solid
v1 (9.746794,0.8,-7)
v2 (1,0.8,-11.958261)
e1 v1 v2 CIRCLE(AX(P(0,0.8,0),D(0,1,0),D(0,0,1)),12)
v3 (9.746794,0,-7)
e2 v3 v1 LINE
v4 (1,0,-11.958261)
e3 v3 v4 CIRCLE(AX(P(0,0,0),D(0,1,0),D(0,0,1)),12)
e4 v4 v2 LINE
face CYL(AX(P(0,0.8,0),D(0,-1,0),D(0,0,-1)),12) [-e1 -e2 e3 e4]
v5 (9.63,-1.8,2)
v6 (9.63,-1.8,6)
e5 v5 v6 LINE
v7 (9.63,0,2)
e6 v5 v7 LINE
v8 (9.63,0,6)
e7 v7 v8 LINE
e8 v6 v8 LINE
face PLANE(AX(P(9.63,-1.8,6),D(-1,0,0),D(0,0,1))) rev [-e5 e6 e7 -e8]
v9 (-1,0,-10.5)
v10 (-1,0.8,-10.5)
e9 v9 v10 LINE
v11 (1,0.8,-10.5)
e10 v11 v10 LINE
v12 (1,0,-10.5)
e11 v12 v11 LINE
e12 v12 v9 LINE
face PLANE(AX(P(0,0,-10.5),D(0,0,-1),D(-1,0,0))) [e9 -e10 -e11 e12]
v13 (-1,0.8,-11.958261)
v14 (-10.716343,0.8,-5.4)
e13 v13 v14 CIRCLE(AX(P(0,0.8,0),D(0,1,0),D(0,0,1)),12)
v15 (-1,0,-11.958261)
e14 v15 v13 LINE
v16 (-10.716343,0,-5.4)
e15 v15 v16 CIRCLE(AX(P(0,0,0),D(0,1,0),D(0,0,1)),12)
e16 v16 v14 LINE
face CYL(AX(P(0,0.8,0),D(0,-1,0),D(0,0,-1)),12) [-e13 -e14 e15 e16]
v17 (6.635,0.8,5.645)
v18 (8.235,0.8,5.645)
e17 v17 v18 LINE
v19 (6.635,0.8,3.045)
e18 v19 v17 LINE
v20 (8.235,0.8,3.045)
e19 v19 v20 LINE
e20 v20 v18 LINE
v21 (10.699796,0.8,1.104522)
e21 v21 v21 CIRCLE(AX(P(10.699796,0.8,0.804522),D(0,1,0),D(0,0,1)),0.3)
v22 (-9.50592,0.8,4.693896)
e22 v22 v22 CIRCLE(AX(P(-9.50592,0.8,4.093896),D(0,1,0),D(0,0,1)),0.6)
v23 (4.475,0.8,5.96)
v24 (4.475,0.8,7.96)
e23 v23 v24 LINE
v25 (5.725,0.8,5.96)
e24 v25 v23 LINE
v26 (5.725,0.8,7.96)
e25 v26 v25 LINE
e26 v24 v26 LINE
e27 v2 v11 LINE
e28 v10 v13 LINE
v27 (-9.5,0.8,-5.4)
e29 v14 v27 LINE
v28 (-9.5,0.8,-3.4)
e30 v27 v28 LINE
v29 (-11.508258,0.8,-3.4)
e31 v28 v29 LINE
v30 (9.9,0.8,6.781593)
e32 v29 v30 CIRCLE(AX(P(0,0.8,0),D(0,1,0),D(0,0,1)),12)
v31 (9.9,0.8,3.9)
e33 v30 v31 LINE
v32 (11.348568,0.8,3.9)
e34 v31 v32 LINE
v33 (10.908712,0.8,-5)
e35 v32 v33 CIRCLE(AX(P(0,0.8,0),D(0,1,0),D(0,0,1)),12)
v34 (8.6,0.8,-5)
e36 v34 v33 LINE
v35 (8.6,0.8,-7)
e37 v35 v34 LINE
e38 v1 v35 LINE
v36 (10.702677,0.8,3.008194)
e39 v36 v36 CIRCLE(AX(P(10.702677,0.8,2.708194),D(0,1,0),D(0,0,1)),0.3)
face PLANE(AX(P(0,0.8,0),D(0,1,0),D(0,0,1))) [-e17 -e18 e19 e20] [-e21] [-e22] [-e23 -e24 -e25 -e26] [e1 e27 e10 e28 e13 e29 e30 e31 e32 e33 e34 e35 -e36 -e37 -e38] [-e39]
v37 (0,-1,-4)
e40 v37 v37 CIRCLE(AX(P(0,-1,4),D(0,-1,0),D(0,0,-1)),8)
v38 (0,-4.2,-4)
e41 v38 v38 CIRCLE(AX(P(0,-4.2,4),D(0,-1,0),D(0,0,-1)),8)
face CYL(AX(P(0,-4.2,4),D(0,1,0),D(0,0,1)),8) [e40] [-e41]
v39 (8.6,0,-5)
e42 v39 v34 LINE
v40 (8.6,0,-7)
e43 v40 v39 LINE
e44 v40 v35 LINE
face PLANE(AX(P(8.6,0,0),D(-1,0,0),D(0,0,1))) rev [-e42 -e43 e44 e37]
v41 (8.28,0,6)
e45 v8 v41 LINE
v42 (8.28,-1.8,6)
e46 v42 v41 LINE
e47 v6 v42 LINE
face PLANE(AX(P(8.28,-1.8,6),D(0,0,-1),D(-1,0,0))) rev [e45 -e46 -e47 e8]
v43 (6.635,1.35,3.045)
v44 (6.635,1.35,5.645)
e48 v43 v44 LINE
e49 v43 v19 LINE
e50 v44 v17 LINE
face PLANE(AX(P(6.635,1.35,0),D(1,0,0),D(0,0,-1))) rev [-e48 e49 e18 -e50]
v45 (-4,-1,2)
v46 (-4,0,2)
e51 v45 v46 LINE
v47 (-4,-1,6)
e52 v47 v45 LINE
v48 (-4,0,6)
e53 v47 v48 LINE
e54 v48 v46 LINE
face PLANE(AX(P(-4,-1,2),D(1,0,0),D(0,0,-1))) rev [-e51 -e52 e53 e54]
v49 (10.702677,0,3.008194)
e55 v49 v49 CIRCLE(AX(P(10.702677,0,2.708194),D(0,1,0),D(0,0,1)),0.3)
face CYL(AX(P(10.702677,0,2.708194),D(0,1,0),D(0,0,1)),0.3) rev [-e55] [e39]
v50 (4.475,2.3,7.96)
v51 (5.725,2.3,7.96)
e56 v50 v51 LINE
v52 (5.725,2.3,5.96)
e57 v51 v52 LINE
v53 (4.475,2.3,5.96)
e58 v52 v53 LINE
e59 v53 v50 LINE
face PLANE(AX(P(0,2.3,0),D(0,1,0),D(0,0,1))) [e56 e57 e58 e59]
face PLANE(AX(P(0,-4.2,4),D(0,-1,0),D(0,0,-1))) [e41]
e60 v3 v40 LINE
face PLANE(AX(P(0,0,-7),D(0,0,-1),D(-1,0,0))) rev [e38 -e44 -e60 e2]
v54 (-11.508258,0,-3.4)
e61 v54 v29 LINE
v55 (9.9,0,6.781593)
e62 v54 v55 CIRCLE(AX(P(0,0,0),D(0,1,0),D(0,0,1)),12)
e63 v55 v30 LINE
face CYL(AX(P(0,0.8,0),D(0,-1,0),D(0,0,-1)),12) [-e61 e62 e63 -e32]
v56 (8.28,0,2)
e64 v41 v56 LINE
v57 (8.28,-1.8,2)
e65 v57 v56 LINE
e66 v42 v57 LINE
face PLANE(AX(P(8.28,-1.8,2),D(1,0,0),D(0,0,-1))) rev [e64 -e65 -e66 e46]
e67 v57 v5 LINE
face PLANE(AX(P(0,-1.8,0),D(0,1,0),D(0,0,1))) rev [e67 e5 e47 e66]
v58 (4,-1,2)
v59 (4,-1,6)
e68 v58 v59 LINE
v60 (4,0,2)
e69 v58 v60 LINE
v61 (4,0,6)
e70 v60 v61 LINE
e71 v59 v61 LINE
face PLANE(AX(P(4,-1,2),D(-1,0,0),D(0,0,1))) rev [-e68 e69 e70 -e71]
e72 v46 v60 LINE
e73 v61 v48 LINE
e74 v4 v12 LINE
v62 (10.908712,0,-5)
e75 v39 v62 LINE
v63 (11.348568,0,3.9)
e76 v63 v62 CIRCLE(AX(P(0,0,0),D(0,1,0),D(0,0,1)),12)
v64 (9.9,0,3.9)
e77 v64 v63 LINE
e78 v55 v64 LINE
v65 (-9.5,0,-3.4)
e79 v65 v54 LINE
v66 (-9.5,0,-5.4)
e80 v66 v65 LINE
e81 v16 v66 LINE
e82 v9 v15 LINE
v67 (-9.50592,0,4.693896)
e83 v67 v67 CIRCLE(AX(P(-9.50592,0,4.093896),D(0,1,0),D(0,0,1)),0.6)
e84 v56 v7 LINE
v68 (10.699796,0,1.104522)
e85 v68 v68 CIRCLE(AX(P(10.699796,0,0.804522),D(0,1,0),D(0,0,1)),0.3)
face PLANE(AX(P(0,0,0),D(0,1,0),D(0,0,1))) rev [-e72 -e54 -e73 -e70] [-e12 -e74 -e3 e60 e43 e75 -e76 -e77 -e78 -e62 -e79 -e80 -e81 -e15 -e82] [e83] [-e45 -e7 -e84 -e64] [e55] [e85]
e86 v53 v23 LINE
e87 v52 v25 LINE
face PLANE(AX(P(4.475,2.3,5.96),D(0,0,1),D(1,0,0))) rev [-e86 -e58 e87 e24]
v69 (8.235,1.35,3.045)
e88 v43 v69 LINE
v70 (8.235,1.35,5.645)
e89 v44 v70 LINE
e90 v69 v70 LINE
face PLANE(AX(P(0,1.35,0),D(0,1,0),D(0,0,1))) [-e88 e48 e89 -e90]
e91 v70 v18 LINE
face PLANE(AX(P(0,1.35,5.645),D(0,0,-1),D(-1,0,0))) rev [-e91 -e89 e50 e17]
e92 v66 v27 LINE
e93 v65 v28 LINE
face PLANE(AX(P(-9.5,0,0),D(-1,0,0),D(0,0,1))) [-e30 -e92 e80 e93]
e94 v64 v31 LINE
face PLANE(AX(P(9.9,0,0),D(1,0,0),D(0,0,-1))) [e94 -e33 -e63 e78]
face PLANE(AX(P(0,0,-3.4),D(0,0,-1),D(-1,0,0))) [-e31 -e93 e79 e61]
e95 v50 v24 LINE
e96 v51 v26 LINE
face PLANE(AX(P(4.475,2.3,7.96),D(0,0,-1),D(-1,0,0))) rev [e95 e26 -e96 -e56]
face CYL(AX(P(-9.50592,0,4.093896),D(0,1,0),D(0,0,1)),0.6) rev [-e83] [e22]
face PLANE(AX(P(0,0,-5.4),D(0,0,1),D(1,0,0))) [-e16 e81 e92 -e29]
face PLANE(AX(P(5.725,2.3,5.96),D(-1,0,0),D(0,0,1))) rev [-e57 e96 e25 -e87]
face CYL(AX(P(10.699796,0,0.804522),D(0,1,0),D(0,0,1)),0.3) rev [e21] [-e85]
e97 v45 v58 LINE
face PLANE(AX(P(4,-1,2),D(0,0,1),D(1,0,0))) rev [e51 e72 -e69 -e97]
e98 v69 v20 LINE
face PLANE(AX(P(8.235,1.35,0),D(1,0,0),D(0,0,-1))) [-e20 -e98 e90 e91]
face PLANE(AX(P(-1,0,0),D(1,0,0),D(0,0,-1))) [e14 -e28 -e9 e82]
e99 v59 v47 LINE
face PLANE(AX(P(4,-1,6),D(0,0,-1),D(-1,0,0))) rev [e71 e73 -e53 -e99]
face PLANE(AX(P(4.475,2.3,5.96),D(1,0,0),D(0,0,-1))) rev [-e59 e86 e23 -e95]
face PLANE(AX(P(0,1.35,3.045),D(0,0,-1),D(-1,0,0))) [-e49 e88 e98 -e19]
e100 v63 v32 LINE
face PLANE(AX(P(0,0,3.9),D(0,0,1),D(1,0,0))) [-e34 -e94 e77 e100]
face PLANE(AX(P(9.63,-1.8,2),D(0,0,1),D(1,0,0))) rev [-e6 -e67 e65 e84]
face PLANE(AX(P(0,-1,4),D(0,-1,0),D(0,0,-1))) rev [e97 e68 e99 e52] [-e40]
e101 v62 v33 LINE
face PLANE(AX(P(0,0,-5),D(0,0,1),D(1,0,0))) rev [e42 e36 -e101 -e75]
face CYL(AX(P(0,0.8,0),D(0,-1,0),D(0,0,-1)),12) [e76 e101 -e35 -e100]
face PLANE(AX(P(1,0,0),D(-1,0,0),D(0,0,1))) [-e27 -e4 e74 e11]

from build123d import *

# Parameters (mm, degrees)
SKETCH1_R           = 12
BOSS_EXTRUDE1_DEPTH = 0.8
CUT_EXTRUDE1_START  = -0.8
CUT_EXTRUDE1_DEPTH  = 0.8
SKETCH3_R           = 0.6
SKETCH3_R_2         = 0.3
CUT_EXTRUDE2_DEPTH  = 0.8
SKETCH4_W           = 8
SKETCH4_H           = 4
BOSS_EXTRUDE2_DEPTH = 1
SKETCH5_R           = 8
BOSS_EXTRUDE3_DEPTH = 3.2
SKETCH6_W           = 1.35
SKETCH6_H           = 4
BOSS_EXTRUDE4_DEPTH = 1.8
SKETCH7_W           = 1.25
SKETCH7_H           = 2
BOSS_EXTRUDE5_DEPTH = 1.5
SKETCH8_W           = 1.6
SKETCH8_H           = 2.6
BOSS_EXTRUDE6_DEPTH = 0.55


with BuildPart() as part:
    # Sketch1 → Boss-Extrude1 (new body)
    with BuildSketch(Plane(origin=(0, 0, 0), x_dir=(1, 0, 0), z_dir=(0, 1, 0))):
        with Locations(Location((0, 0, 0), (0, 0, 270))):
            Circle(SKETCH1_R)
    extrude(amount=BOSS_EXTRUDE1_DEPTH)

    # Sketch2 → Cut-Extrude1 (cut)
    with BuildSketch(Plane(origin=(0, 0.8, 0), x_dir=(1, 0, 0), z_dir=(0, 1, 0)).offset(CUT_EXTRUDE1_START)):
        with BuildLine():
            Line((-11.508257905, 3.4), (-9.5, 3.4))
            Line((-9.5, 3.4), (-9.5, 5.4))
            Line((-9.5, 5.4), (-10.71634266, 5.4))
            ThreePointArc((-10.71634266, 5.4), (-11.157204738, 4.417780261), (-11.508257905, 3.4))
        make_face()
        with BuildLine():
            ThreePointArc((0, 12), (-0.500435352, 11.989560645), (-1, 11.958260743))
            Line((-1, 11.958260743), (-1, 10.5))
            Line((-1, 10.5), (1, 10.5))
            Line((1, 10.5), (1, 11.958260743))
            ThreePointArc((1, 11.958260743), (0.500435352, 11.989560645), (0, 12))
        make_face()
        with BuildLine():
            Line((8.6, 5), (10.908712115, 5))
            ThreePointArc((10.908712115, 5), (10.376053526, 6.028060486), (9.746794345, 7))
            Line((9.746794345, 7), (8.6, 7))
            Line((8.6, 7), (8.6, 5))
        make_face()
        with BuildLine():
            Line((9.9, -3.9), (9.9, -6.781592733))
            ThreePointArc((9.9, -6.781592733), (10.721534718, -5.389683969), (11.348568192, -3.9))
            Line((11.348568192, -3.9), (9.9, -3.9))
        make_face()
    extrude(amount=CUT_EXTRUDE1_DEPTH, mode=Mode.SUBTRACT)

    # Sketch3 → Cut-Extrude2 (cut)
    with BuildSketch(Plane(origin=(0, 0.8, 0), x_dir=(1, 0, 0), z_dir=(0, 1, 0))):
        with Locations(Location((-9.505920047, -4.093895952, 0), (0, 0, 270))):
            Circle(SKETCH3_R)
        with Locations(Location((10.702676663, -2.70819354, 0), (0, 0, 270))):
            Circle(SKETCH3_R_2)
        with Locations(Location((10.699796483, -0.804521739, 0), (0, 0, 270))):
            Circle(SKETCH3_R_2)
    extrude(amount=-CUT_EXTRUDE2_DEPTH, mode=Mode.SUBTRACT)

    # Sketch4 → Boss-Extrude2 (add)
    with BuildSketch(Plane(origin=(0, 0, 0), x_dir=(-1, 0, 0), z_dir=(0, -1, 0))):
        with Locations((0, -4)):
            Rectangle(SKETCH4_W, SKETCH4_H)
    extrude(amount=BOSS_EXTRUDE2_DEPTH)

    # Sketch5 → Boss-Extrude3 (add)
    with BuildSketch(Plane(origin=(0, -1, 0), x_dir=(-1, 0, 0), z_dir=(0, -1, 0))):
        with Locations(Location((0, -4, 0), (0, 0, 90))):
            Circle(SKETCH5_R)
    extrude(amount=BOSS_EXTRUDE3_DEPTH)

    # Sketch6 → Boss-Extrude4 (add)
    with BuildSketch(Plane.XZ):
        with Locations((8.955, 4)):
            Rectangle(SKETCH6_W, SKETCH6_H)
    extrude(amount=BOSS_EXTRUDE4_DEPTH)

    # Sketch7 → Boss-Extrude5 (add)
    with BuildSketch(Plane(origin=(0, 0.8, 0), x_dir=(1, 0, 0), z_dir=(0, 1, 0))):
        with Locations((5.1, -6.96)):
            Rectangle(SKETCH7_W, SKETCH7_H)
    extrude(amount=BOSS_EXTRUDE5_DEPTH)

    # Sketch8 → Boss-Extrude6 (add)
    with BuildSketch(Plane(origin=(0, 0.8, 0), x_dir=(1, 0, 0), z_dir=(0, 1, 0))):
        with Locations((7.435, -4.345)):
            Rectangle(SKETCH8_W, SKETCH8_H)
    extrude(amount=BOSS_EXTRUDE6_DEPTH)


solid = part.part
